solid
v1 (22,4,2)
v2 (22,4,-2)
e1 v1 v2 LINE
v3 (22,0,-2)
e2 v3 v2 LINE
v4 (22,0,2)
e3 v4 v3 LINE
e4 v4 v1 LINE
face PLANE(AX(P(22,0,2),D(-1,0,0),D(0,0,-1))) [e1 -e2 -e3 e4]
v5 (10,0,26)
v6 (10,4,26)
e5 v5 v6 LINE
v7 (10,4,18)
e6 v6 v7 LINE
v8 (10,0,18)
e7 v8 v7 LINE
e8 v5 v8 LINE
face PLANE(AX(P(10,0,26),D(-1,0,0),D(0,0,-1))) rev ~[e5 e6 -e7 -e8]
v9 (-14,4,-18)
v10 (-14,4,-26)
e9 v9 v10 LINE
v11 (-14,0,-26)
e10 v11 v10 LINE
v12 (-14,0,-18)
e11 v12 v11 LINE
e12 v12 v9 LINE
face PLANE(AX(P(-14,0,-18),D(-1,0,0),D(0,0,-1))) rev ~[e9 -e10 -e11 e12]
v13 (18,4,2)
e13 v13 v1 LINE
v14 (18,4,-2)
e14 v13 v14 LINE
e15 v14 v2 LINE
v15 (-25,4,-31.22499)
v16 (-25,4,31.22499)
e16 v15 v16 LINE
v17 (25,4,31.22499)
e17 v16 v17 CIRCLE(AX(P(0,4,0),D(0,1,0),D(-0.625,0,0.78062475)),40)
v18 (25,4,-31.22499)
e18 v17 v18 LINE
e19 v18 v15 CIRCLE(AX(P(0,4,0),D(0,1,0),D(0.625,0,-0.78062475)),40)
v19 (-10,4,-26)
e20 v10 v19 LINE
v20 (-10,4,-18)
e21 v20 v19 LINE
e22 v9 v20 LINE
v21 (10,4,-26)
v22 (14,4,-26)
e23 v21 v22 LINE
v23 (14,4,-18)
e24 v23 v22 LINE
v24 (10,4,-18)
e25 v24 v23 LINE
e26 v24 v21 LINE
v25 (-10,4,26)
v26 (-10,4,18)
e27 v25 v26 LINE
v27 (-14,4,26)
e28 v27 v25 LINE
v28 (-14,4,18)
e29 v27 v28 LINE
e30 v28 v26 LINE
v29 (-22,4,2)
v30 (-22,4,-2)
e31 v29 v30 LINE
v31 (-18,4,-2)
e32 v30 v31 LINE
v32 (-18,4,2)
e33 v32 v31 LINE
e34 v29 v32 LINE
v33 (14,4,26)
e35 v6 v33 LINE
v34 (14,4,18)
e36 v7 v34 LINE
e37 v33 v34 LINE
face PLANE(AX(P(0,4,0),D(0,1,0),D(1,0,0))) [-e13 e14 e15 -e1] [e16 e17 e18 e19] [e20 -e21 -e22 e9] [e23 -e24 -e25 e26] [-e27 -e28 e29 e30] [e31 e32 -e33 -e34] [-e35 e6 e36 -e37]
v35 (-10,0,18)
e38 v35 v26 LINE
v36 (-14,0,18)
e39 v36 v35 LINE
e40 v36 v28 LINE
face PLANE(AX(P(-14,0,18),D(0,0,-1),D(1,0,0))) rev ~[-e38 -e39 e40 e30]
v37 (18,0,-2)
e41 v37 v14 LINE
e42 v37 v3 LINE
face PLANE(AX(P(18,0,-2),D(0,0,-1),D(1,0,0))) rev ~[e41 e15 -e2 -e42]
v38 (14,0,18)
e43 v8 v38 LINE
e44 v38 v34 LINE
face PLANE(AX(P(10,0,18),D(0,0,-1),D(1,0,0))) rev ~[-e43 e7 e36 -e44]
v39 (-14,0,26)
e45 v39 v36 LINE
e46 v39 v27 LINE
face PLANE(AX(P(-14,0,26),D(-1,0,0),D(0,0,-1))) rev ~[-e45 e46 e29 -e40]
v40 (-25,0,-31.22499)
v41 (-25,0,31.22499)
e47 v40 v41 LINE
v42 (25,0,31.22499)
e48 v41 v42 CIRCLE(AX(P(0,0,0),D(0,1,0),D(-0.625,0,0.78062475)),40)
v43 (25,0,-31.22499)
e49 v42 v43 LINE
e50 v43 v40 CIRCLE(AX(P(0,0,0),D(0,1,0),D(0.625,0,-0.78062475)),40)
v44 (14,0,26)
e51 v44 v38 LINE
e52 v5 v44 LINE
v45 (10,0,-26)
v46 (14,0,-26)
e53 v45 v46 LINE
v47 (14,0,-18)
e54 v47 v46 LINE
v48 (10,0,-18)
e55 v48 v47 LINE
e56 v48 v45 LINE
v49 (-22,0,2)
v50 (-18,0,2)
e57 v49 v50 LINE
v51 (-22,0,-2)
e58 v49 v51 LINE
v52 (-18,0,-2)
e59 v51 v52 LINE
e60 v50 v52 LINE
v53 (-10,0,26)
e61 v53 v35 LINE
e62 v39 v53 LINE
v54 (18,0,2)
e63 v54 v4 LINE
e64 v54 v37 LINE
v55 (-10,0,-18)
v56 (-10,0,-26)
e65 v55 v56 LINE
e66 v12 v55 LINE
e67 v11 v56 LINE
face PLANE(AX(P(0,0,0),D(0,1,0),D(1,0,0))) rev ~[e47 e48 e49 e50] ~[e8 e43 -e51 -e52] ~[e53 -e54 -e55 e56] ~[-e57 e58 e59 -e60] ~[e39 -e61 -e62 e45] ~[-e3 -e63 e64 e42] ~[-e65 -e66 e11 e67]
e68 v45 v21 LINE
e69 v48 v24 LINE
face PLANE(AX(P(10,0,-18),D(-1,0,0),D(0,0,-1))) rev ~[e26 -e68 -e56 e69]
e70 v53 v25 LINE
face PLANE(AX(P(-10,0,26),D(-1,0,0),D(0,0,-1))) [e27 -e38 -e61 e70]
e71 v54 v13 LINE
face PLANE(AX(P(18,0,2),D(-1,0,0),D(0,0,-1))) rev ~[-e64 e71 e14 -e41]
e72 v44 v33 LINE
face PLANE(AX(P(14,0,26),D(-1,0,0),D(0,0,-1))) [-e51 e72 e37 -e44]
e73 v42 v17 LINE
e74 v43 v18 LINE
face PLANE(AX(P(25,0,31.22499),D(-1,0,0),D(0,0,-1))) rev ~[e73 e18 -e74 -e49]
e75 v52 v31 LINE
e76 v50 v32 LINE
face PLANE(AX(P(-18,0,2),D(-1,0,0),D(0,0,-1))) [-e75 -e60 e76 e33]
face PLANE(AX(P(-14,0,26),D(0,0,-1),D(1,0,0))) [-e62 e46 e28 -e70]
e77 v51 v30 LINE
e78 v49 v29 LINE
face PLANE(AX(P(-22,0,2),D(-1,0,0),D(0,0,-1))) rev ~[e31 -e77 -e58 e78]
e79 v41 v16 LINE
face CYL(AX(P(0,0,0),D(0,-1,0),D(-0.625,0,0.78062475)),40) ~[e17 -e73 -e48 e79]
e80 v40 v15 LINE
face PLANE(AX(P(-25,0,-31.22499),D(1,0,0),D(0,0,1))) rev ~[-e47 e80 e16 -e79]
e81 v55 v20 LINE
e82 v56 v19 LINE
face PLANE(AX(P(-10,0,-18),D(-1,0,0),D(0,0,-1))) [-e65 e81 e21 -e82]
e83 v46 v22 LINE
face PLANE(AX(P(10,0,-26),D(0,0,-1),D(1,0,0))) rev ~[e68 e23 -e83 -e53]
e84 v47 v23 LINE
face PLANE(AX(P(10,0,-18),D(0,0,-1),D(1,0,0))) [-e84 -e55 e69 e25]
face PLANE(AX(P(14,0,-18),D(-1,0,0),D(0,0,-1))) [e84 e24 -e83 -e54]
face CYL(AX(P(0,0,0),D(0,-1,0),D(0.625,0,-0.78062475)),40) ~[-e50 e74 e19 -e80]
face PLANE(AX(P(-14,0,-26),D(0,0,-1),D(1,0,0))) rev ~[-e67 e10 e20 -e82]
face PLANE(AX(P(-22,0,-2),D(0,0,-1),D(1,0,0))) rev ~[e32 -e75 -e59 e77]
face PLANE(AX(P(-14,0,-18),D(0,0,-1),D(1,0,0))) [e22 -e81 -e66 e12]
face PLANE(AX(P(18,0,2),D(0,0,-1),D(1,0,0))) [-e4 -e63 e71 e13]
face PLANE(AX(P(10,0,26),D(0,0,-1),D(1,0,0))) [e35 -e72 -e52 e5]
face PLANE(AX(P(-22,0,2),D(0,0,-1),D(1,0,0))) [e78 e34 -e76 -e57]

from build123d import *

# Parameters (mm, degrees)
SKETCH1_W           = 4
SKETCH1_H           = 8
SKETCH1_H_2         = 4
BOSS_EXTRUDE1_DEPTH = 4


with BuildPart() as part:
    # Sketch1 → Boss-Extrude1 (new body)
    with BuildSketch(Plane(origin=(0, 0, 0), x_dir=(1, 0, 0), z_dir=(0, 1, 0))):
        with BuildLine():
            ThreePointArc((25, 31.224989992), (0, 40), (-25, 31.224989992))
            Line((-25, 31.224989992), (-25, -31.224989992))
            ThreePointArc((-25, -31.224989992), (0, -40), (25, -31.224989992))
            Line((25, -31.224989992), (25, 31.224989992))
        make_face()
        with Locations((-12, -22)):
            Rectangle(SKETCH1_W, SKETCH1_H, mode=Mode.SUBTRACT)
        with Locations((12, -22)):
            Rectangle(SKETCH1_W, SKETCH1_H, mode=Mode.SUBTRACT)
        with Locations((-20, 0)):
            Rectangle(SKETCH1_W, SKETCH1_H_2, mode=Mode.SUBTRACT)
        with Locations((-12, 22)):
            Rectangle(SKETCH1_W, SKETCH1_H, mode=Mode.SUBTRACT)
        with Locations((20, 0)):
            Rectangle(SKETCH1_W, SKETCH1_H_2, mode=Mode.SUBTRACT)
        with Locations((12, 22)):
            Rectangle(SKETCH1_W, SKETCH1_H, mode=Mode.SUBTRACT)
    extrude(amount=BOSS_EXTRUDE1_DEPTH)


solid = part.part
